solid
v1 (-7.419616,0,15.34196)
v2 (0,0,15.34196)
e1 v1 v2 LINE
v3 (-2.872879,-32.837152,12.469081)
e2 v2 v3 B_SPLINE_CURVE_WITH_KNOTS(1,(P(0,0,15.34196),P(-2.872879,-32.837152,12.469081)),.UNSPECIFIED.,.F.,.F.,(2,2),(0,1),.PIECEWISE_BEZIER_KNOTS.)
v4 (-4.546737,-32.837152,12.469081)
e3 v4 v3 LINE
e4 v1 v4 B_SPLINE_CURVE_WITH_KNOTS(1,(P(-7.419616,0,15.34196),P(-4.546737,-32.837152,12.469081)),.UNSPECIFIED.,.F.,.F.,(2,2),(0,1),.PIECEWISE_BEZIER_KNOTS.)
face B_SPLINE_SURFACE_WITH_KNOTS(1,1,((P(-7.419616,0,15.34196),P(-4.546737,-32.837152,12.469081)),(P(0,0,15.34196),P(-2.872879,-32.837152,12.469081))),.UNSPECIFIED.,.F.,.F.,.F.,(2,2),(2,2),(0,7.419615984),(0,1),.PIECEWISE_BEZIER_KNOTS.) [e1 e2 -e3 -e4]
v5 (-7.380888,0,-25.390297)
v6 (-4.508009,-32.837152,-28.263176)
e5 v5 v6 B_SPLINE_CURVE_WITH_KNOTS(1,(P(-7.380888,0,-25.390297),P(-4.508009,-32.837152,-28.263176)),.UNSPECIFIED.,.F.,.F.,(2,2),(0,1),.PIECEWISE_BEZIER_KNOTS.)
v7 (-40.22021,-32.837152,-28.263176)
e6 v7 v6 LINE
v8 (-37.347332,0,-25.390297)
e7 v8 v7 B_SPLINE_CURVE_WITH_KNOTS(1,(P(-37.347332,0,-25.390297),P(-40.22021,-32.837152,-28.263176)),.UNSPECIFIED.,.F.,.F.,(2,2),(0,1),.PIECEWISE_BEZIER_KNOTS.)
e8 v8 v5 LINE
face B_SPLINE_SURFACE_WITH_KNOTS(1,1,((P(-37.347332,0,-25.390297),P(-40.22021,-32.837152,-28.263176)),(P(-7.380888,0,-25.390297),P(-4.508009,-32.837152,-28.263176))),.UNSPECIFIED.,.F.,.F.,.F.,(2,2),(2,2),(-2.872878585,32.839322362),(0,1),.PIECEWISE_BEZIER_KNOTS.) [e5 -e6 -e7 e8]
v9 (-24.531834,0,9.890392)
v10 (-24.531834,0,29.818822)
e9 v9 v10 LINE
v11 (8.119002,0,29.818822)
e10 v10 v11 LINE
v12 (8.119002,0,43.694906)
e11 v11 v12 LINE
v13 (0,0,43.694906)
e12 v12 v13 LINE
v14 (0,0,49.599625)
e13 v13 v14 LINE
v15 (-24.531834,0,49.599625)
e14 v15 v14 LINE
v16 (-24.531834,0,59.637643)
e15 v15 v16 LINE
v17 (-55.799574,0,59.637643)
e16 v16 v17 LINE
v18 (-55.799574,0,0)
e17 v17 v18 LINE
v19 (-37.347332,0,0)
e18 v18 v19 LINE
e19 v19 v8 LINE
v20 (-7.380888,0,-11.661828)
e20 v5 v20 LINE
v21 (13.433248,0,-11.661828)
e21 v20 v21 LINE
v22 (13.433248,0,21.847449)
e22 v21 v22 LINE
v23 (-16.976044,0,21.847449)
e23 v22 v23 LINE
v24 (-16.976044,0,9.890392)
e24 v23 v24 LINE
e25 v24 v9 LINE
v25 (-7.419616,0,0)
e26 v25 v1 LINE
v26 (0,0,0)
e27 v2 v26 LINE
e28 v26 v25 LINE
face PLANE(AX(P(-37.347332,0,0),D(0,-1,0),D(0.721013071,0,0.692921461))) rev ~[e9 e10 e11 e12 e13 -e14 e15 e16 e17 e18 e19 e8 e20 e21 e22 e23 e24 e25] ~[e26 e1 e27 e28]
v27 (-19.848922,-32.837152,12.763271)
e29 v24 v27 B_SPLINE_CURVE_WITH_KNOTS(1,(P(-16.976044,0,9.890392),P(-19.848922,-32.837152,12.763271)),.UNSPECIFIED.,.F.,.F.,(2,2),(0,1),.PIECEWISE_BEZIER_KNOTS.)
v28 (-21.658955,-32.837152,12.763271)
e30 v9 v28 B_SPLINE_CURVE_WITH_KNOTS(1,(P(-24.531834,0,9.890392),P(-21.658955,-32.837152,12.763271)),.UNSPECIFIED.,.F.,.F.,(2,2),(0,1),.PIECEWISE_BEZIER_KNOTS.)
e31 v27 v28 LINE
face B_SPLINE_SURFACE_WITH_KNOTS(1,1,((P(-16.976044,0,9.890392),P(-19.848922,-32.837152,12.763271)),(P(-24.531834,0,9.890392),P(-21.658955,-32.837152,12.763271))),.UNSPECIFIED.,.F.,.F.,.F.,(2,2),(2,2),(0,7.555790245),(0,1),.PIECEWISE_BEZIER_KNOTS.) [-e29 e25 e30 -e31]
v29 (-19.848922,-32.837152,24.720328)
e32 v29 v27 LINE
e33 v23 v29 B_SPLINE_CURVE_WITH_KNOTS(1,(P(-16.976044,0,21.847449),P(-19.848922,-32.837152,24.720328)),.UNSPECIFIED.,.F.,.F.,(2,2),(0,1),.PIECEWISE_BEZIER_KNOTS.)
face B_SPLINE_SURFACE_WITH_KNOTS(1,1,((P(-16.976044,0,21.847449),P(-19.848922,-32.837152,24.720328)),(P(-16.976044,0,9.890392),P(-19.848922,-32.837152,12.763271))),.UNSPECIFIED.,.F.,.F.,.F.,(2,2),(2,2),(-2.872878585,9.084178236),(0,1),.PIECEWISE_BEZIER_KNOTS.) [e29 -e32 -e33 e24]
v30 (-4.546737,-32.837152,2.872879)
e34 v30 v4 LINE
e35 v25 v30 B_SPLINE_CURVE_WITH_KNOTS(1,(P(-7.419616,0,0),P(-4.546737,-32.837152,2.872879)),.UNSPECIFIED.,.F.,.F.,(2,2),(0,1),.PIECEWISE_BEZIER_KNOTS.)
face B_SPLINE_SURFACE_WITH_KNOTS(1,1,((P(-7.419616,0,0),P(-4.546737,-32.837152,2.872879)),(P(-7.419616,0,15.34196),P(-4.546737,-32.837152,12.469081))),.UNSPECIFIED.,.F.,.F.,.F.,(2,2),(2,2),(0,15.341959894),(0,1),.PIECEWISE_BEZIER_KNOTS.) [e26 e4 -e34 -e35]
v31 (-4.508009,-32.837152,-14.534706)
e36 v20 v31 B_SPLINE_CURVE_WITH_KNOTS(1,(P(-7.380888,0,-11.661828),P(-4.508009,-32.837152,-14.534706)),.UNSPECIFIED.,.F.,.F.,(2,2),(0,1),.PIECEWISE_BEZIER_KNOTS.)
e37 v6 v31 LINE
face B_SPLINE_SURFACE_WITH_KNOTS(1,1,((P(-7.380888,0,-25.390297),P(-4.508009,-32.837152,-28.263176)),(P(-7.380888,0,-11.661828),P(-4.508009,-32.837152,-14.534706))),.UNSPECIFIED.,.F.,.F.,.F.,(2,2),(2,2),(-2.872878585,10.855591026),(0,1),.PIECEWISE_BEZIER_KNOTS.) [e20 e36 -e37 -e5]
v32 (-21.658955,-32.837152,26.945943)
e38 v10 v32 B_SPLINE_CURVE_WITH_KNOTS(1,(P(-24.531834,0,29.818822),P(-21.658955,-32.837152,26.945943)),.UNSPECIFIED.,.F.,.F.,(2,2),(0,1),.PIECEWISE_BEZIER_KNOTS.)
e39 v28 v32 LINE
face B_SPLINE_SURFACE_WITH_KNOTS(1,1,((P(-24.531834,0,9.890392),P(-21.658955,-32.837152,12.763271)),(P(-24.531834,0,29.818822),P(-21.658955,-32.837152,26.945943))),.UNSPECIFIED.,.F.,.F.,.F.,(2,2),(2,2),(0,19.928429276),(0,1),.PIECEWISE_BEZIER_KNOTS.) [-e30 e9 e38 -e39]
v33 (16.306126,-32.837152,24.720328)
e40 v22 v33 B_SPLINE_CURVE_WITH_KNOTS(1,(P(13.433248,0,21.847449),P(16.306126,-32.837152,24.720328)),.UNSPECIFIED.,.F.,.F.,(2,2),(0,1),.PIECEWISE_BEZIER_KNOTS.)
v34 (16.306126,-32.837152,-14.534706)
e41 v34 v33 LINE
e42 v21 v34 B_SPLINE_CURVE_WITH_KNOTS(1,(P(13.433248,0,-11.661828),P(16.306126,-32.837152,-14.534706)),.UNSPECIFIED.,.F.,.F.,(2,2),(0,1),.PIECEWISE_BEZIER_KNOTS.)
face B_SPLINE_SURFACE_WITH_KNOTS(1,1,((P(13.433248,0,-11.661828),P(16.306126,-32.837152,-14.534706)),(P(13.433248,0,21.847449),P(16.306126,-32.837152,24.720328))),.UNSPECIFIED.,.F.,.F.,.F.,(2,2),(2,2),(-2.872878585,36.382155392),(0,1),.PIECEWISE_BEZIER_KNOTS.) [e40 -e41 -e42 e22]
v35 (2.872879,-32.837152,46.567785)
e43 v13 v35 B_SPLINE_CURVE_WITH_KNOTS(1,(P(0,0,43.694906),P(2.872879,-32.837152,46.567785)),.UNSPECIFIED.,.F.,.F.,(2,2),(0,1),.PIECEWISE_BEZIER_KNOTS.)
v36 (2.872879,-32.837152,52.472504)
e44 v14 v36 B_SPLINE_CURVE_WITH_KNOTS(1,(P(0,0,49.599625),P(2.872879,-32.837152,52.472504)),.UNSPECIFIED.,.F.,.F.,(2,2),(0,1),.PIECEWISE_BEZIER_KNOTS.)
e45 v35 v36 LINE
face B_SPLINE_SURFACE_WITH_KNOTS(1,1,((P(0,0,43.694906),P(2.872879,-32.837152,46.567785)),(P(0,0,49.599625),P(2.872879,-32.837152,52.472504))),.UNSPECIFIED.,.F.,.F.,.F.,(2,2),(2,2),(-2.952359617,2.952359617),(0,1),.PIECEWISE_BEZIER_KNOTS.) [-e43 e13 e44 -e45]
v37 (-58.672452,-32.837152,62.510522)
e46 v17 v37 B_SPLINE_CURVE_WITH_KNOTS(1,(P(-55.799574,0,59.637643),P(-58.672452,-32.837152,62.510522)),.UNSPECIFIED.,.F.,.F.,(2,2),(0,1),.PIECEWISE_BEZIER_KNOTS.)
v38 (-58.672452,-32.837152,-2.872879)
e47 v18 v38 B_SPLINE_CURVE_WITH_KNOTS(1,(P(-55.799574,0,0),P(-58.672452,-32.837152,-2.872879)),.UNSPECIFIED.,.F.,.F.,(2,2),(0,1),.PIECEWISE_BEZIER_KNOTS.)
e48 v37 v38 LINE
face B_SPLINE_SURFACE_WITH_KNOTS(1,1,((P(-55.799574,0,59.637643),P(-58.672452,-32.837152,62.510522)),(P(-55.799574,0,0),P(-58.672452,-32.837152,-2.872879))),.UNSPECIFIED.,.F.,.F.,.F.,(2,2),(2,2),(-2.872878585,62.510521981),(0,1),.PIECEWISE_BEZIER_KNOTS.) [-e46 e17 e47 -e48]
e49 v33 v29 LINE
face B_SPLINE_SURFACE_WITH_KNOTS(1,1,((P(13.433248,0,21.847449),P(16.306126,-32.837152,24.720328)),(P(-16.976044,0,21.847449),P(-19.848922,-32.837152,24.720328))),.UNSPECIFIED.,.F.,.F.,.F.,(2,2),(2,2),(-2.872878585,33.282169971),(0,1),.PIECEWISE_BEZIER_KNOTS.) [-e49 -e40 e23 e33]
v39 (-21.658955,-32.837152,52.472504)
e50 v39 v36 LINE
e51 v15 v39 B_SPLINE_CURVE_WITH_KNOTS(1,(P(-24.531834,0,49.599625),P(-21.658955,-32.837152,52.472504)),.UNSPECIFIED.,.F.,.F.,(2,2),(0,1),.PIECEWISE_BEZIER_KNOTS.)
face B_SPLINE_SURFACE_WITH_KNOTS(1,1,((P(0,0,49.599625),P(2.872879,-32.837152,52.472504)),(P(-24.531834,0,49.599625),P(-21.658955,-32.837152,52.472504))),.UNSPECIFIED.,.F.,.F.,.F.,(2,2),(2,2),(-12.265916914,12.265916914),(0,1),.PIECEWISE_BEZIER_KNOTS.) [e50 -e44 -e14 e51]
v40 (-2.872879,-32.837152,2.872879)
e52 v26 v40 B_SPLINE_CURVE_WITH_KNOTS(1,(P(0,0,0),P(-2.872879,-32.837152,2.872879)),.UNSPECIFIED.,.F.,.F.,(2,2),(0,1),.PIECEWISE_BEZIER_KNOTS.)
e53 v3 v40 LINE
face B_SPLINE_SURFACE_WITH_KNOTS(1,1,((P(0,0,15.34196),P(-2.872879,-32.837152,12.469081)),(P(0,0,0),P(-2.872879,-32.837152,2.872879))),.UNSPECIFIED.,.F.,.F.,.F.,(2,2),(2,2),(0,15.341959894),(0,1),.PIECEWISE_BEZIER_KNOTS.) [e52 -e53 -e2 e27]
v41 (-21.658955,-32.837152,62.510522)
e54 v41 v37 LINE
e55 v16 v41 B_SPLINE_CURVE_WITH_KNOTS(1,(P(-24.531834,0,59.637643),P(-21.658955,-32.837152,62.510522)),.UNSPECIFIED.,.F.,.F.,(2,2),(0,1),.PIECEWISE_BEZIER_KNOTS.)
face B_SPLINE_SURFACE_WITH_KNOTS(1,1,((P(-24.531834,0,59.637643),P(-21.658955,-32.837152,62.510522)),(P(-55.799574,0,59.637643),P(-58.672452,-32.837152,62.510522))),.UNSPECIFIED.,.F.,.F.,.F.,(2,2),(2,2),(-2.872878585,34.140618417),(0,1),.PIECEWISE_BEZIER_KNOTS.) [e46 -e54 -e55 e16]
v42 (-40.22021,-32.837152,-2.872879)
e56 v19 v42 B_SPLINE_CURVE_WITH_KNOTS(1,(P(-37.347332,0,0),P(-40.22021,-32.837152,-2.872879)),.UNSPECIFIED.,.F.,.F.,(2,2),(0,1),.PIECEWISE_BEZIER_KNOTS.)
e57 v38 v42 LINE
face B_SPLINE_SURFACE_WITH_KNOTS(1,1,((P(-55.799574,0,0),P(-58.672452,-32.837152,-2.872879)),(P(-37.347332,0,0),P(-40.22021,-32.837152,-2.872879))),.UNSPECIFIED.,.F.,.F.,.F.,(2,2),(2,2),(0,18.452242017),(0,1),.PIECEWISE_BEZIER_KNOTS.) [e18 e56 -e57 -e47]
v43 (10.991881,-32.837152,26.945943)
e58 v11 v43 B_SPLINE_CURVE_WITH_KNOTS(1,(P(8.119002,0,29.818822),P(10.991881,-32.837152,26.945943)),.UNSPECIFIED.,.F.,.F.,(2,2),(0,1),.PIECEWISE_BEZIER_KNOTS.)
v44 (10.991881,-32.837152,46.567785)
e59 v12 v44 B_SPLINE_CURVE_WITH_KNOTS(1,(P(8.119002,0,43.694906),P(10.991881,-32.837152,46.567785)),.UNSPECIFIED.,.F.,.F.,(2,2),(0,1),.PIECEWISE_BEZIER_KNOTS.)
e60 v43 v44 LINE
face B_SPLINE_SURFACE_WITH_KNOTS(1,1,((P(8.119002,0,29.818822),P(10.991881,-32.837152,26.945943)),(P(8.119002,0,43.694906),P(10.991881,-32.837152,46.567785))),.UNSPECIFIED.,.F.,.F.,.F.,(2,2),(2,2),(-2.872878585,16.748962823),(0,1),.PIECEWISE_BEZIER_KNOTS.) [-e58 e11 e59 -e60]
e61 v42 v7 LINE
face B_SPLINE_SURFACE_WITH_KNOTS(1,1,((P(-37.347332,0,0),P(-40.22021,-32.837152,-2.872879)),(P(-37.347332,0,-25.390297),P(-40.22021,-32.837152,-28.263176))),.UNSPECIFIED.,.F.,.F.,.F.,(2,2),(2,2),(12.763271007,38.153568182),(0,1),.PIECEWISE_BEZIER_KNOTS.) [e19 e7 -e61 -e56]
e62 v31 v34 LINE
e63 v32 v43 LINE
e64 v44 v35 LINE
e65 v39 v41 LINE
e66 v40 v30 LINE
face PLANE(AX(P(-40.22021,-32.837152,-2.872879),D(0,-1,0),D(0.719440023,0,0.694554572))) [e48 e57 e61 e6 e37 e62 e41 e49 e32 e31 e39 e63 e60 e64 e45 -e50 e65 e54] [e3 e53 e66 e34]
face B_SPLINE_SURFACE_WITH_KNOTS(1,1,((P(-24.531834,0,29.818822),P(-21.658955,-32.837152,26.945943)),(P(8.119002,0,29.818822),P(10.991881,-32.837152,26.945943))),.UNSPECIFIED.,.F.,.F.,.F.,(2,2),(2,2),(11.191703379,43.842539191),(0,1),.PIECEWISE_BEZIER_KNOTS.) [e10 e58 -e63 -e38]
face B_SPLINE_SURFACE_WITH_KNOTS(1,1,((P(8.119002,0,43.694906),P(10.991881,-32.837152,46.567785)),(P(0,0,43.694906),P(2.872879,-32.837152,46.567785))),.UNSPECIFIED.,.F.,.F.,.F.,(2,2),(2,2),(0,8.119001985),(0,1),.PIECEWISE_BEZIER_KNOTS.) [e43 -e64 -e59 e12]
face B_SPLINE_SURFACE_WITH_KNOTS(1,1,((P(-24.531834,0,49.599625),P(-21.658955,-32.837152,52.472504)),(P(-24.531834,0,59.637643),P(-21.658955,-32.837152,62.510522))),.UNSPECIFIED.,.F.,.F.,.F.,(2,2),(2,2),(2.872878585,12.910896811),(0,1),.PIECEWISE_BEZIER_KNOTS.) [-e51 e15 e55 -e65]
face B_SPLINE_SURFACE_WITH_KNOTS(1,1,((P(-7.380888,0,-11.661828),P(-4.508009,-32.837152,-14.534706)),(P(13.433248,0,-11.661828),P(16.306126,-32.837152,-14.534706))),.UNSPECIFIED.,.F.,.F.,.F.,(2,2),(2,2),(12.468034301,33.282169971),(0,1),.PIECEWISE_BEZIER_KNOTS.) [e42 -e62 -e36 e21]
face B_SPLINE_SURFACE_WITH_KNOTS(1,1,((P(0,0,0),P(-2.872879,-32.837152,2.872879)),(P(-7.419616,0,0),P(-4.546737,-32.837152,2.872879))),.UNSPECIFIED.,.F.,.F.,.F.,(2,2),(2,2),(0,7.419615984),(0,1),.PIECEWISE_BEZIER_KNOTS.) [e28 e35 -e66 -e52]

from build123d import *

# Parameters (mm, degrees)
F0_W     = 12.8154978156
F0_H     = 9.8903924227
F0_W_2   = 24.5318338275
F0_H_2   = 5.9047192335
F1_DEPTH = 32.8371524811
F1_TAPER = -5


with BuildPart() as f1:
    # F0 (on Front) → F1 (new body)
    with BuildSketch(Plane.XZ):
        with Locations((-30.9395827353, 4.9451962113)):
            Rectangle(F0_W, F0_H)
        Polygon((-7.419615984, 0), (-7.419615984, 9.8903924227), (-16.976043582, 9.8903924227), (-16.976043582, -11.6618275642), (-7.380887866, -11.6618275642), (-7.380887866, 0), align=None)
        Polygon((-24.5318338275, 37.7901867032), (-24.5318338275, 29.8188216984), (8.1190019846, 29.8188216984), (8.1190019846, 43.6949059367), (0, 43.6949059367), (0, 37.7901867032), align=None)
        with Locations((-12.2659169137, 40.74254632)):
            Rectangle(F0_W_2, F0_H_2)
        with Locations((-12.2659169137, 46.6472655535)):
            Rectangle(F0_W_2, F0_H_2)
        Polygon((-7.419615984, 15.3419598937), (0, 15.3419598937), (0, 0), (-7.380887866, 0), (-7.380887866, -11.6618275642), (13.4332478046, -11.6618275642), (13.4332478046, 21.8474492431), (-16.976043582, 21.8474492431), (-16.976043582, 9.8903924227), (-7.419615984, 9.8903924227), align=None)
        Polygon((-16.976043582, -11.6618275642), (-16.976043582, 9.8903924227), (-24.5318338275, 9.8903924227), (-24.5318338275, 0), (-37.3473316431, 0), (-37.3473316431, -25.3902971745), (-7.380887866, -25.3902971745), (-7.380887866, -11.6618275642), align=None)
        Polygon((-35.7235372066, 29.8188216984), (-24.5318338275, 29.8188216984), (-24.5318338275, 37.7901867032), (-24.5318338275, 43.6949059367), (-35.7235372066, 43.6949059367), align=None)
        Polygon((-37.3473316431, 9.8903924227), (-24.5318338275, 9.8903924227), (-24.5318338275, 29.8188216984), (-35.7235372066, 29.8188216984), (-35.7235372066, 43.6949059367), (-24.5318338275, 43.6949059367), (-24.5318338275, 49.5996251702), (-24.5318338275, 59.6376433969), (-55.7995736599, 59.6376433969), (-55.7995736599, 0), (-37.3473316431, 0), align=None)
    extrude(amount=F1_DEPTH, taper=F1_TAPER)


solid = f1.part
